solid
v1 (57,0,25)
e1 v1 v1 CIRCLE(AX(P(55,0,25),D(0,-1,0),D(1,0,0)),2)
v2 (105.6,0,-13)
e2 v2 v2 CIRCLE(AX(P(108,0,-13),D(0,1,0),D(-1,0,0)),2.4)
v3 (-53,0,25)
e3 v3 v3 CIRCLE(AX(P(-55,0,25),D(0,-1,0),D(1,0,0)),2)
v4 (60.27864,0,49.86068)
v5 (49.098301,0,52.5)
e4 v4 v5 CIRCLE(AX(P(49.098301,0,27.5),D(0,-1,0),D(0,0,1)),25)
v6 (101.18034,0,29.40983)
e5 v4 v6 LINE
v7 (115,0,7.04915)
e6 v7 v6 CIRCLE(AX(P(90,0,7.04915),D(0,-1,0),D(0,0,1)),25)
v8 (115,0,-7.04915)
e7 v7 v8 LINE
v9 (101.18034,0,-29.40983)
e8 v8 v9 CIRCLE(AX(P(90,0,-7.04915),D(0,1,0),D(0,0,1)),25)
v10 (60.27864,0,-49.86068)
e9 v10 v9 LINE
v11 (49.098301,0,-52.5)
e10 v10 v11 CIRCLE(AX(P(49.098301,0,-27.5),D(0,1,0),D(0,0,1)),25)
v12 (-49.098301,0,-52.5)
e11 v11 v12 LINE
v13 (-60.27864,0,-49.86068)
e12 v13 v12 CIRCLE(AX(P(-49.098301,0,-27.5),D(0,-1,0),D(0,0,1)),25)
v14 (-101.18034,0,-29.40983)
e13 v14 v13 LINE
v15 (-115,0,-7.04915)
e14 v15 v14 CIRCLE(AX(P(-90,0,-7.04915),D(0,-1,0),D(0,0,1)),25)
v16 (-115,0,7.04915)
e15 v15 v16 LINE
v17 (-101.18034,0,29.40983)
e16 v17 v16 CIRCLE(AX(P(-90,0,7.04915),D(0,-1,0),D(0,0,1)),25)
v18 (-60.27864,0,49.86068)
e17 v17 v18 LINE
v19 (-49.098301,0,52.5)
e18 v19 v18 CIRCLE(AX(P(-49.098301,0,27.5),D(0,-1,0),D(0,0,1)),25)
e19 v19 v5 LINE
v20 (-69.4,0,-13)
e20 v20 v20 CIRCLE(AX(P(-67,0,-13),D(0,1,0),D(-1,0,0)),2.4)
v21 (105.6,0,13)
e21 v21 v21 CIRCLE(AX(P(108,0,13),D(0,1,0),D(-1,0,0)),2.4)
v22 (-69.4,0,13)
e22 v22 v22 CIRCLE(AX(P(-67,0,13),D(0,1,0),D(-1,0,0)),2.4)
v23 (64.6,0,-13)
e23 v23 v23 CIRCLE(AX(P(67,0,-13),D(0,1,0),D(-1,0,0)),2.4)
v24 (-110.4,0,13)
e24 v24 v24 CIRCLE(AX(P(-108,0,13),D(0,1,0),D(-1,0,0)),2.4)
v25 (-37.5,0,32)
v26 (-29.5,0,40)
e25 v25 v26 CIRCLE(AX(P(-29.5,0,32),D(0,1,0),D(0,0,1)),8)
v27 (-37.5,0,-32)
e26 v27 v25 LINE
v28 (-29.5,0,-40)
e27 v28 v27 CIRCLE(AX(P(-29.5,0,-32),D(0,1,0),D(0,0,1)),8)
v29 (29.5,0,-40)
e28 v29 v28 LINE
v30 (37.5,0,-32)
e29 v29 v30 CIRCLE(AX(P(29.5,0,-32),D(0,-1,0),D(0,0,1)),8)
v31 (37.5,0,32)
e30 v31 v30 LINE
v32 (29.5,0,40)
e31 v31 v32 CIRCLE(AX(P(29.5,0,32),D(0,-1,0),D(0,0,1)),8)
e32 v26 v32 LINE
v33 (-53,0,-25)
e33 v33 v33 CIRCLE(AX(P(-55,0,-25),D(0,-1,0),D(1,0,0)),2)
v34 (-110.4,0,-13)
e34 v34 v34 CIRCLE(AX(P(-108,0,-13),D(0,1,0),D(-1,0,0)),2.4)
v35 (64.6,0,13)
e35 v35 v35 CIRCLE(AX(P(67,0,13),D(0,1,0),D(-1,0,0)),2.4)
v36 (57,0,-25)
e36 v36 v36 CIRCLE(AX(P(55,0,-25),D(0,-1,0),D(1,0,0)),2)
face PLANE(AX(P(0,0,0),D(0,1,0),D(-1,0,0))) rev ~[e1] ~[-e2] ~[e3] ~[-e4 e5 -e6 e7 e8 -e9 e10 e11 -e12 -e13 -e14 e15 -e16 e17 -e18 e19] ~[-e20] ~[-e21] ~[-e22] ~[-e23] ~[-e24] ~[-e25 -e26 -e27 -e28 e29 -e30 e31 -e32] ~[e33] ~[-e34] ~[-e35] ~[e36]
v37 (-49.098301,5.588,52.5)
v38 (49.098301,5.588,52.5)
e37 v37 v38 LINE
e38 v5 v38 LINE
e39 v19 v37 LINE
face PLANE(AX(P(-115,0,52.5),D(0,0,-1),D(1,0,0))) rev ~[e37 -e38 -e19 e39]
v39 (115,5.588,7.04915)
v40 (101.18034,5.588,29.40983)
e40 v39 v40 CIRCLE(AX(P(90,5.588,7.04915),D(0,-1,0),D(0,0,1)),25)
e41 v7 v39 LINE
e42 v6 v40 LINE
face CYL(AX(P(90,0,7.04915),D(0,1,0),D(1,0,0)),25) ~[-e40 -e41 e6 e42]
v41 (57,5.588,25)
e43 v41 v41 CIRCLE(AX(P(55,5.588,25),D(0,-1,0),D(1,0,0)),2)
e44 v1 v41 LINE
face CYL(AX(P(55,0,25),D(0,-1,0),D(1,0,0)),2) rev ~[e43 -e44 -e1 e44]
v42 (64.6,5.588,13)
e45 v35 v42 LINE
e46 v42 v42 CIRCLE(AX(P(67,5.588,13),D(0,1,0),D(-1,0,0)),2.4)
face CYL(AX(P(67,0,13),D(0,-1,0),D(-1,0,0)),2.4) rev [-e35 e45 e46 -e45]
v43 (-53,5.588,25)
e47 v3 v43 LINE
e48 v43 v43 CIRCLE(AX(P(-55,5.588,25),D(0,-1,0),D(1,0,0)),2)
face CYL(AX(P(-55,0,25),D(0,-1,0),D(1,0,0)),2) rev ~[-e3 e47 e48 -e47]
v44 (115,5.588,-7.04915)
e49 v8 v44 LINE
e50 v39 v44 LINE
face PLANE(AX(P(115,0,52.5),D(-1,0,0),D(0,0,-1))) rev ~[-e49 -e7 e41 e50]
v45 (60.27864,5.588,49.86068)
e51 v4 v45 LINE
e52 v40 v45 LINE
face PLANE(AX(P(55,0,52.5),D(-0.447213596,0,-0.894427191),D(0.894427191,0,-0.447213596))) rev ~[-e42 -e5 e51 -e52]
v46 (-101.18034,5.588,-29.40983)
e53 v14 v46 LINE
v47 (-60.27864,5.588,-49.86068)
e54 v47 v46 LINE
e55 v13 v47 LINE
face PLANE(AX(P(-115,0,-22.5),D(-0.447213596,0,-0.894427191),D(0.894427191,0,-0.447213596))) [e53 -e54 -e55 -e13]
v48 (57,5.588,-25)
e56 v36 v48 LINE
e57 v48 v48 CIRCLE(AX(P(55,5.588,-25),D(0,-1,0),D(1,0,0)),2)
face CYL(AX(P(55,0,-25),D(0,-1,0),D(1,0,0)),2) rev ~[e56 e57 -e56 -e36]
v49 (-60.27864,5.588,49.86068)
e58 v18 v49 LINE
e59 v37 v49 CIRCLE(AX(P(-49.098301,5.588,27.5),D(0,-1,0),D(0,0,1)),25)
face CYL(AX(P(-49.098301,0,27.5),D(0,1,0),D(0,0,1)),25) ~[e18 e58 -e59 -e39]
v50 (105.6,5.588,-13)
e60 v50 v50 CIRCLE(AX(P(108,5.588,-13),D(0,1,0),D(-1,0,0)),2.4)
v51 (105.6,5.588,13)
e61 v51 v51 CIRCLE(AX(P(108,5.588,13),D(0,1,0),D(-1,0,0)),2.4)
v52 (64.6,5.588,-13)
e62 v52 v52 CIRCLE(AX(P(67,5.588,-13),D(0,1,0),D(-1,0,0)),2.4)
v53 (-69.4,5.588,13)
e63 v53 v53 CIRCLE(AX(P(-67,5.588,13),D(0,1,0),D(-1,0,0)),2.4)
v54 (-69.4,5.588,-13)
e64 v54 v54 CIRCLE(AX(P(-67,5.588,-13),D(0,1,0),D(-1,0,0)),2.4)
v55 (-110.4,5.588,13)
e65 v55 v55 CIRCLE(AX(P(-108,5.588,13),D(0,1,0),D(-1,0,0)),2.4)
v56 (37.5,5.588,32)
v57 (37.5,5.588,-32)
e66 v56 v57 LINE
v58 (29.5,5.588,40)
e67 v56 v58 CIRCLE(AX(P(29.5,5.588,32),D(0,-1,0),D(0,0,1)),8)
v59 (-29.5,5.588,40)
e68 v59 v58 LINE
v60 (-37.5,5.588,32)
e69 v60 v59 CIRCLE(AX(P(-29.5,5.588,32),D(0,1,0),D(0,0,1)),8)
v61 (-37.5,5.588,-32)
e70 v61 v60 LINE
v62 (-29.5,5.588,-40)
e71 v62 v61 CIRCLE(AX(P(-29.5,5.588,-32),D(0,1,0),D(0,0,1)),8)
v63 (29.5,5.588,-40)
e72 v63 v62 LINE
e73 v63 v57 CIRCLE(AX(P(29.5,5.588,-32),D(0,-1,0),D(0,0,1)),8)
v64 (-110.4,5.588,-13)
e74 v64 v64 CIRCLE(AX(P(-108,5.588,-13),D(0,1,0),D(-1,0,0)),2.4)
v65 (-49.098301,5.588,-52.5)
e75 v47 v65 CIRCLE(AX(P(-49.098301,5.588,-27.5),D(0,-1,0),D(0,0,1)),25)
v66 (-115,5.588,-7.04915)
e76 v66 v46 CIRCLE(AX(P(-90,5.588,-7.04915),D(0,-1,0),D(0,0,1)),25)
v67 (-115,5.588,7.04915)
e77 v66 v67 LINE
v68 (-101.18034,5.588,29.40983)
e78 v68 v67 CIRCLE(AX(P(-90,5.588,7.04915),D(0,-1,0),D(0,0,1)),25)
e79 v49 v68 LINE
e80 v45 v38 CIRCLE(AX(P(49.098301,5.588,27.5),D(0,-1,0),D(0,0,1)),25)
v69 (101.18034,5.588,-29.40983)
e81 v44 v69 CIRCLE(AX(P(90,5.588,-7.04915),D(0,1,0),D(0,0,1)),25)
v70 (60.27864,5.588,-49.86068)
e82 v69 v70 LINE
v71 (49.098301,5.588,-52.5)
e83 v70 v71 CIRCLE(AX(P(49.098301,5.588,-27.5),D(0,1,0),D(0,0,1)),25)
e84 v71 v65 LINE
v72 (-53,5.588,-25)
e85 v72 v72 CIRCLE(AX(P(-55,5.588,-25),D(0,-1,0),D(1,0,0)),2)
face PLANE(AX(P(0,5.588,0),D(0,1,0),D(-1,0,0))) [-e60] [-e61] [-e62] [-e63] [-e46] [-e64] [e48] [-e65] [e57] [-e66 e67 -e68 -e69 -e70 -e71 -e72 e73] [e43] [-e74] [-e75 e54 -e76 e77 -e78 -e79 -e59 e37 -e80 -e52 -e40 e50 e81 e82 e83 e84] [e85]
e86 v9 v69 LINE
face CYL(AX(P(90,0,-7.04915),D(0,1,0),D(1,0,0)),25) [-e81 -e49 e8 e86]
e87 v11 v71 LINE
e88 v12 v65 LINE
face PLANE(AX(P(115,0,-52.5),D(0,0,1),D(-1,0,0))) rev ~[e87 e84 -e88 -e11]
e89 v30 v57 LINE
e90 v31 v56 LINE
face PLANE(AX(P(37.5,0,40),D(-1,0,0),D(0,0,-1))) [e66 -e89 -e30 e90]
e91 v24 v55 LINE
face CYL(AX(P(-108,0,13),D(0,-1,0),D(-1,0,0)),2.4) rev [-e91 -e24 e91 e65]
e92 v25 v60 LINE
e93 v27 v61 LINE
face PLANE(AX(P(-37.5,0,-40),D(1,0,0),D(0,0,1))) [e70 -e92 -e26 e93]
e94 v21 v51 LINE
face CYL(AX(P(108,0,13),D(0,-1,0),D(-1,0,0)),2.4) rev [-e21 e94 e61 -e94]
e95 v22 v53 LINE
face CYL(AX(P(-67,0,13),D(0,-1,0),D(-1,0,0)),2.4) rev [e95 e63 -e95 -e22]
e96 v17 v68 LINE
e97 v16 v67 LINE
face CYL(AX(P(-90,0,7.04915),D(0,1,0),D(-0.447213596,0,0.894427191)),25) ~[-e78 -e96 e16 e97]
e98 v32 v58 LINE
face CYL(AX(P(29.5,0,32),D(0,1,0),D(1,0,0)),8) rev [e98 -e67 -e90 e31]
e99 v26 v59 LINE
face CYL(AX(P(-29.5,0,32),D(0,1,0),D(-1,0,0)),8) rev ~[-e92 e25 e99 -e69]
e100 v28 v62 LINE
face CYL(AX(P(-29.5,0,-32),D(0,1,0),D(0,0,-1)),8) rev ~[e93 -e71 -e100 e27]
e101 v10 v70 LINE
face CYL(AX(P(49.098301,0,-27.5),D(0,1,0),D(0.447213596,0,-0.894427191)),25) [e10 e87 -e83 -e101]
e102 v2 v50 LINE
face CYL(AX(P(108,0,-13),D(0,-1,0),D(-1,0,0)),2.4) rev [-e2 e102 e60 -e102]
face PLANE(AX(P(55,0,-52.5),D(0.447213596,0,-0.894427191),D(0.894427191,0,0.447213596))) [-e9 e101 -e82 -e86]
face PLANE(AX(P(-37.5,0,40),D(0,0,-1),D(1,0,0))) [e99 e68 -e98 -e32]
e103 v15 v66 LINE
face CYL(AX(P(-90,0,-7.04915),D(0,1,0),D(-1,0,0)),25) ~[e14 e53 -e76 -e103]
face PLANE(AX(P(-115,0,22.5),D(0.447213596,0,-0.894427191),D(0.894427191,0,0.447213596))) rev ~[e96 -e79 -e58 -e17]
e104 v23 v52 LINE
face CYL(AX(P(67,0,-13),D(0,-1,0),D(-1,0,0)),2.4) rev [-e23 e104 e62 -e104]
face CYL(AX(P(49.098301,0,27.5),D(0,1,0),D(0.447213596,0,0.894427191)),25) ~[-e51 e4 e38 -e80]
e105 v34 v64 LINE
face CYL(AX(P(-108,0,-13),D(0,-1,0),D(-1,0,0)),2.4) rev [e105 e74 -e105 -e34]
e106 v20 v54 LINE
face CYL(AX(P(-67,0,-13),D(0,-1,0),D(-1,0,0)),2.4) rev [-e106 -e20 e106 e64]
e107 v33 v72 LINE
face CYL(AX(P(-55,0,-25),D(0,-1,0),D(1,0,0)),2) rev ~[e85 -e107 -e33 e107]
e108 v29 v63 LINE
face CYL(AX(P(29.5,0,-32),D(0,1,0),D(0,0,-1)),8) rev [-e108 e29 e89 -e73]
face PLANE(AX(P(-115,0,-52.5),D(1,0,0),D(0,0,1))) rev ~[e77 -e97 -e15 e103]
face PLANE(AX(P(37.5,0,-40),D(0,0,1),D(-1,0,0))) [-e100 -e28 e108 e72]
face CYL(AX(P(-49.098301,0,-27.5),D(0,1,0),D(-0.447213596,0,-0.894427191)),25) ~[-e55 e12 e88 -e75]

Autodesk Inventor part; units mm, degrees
ref_plane "YZ Plane" through (0, 0, 0) normal (1, 0, 0) x (0, 1, 0)
ref_plane "XZ Plane" through (0, 0, 0) normal (0, 1, 0) x (-1, 0, 0)
ref_plane "XY Plane" through (0, 0, 0) normal (0, 0, 1) x (1, 0, 0)
sketch "Sketch1" plane through (0, 0, 0) normal (0, 1, 0) x (-1, 0, 0)
  line L0 (-115, -52.5) -> (115, -52.5)
  line L1 (115, -52.5) -> (115, 52.5)
  line L2 (115, 52.5) -> (-115, 52.5)
  line L3 (-115, 52.5) -> (-115, -52.5)
  line L4 (-115, -52.5) -> (115, 52.5) construction
  line L5 (115, -52.5) -> (-115, 52.5) construction
  line L6 (-108, 13) -> (-67, 13) construction
  line L7 (-67, 13) -> (-67, -13) construction
  line L8 (-67, -13) -> (-108, -13) construction
  line L9 (-108, -13) -> (-108, 13) construction
  line L10 (-108, 13) -> (-67, -13) construction
  line L11 (-67, 13) -> (-108, -13) construction
  line L12 (67, 13) -> (108, 13) construction
  line L13 (108, 13) -> (108, -13) construction
  line L14 (108, -13) -> (67, -13) construction
  line L15 (67, -13) -> (67, 13) construction
  line L16 (67, 13) -> (108, -13) construction
  line L17 (108, 13) -> (67, -13) construction
  circle A0 centre (-67, 13) radius 2.4
  circle A1 centre (-67, -13) radius 2.4
  circle A2 centre (-108, -13) radius 2.4
  circle A3 centre (-108, 13) radius 2.4
  circle A4 centre (67, 13) radius 2.4
  circle A5 centre (108, 13) radius 2.4
  circle A6 centre (108, -13) radius 2.4
  circle A7 centre (67, -13) radius 2.4
  line L18 (-37.5, -40) -> (37.5, -40)
  line L19 (37.5, -40) -> (37.5, 40)
  line L20 (37.5, 40) -> (-37.5, 40)
  line L21 (-37.5, 40) -> (-37.5, -40)
  line L22 (-37.5, -40) -> (37.5, 40) construction
  line L23 (37.5, -40) -> (-37.5, 40) construction
  point P0 (0, 0)
  point P1 (-87.5, 0)
  point P2 (87.5, 0)
  dimension "d0" = 105
  dimension "d3" = 26
  dimension "d4" = 41
  dimension "d5" = 175
  dimension "d6" = 87.5
  dimension "d7" = 230
  dimension "d8" = 4.8
  dimension "d9" = 80
  dimension "d10" = 75
extrude "Extrusion1" add sketch "Sketch1" along normal blind 5.588
sketch "Sketch2" plane through (0, 0, 0) normal (0, -1, 0) x (1, 0, 0)
  line L0 (115, -52.5) -> (-115, -52.5) projected
  line L1 (115, 52.5) -> (115, -52.5) projected
  line L2 (-115, 52.5) -> (115, 52.5) projected
  line L3 (-115, -52.5) -> (-115, 52.5) projected
  line L4 (-115, 52.5) -> (-115, 22.5)
  line L5 (-115, 22.5) -> (-55, 52.5)
  line L6 (-55, 52.5) -> (-115, 52.5)
  line L7 (-115, -22.5) -> (-115, -52.5)
  line L8 (-115, -52.5) -> (-55, -52.5)
  line L9 (-115, -22.5) -> (-55, -52.5)
  line L10 (55, 52.5) -> (115, 22.5)
  line L11 (115, 22.5) -> (115, 52.5)
  line L12 (115, 52.5) -> (55, 52.5)
  line L13 (115, -22.5) -> (115, -52.5)
  line L14 (115, -52.5) -> (55, -52.5)
  line L15 (55, -52.5) -> (115, -22.5)
  point P0 (0, 0)
  dimension "d13" = 60
  dimension "d14" = 30
extrude "Extrusion2" cut sketch "Sketch2" against normal blind 10 contours L0 L15 L1 | L0 L3 L9 | L10 L2 L1 | L3 L2 L5
fillet "Fillet1" radius 25 8 edges at (-55, 2.794, -52.5) (-115, 2.794, -22.5) (55, 2.794, -52.5) (115, 2.794, -22.5) (115, 2.794, 22.5) (55, 2.794, 52.5) (-55, 2.794, 52.5) (-115, 2.794, 22.5)
sketch "Sketch4" plane through (0, 0, 0) normal (0, -1, 0) x (1, 0, 0)
  line L0 (55, -25) -> (-55, -25) construction
  line L1 (-55, -25) -> (-55, 25) construction
  line L2 (-55, 25) -> (55, 25) construction
  line L3 (55, 25) -> (55, -25) construction
  line L4 (55, -25) -> (-55, 25) construction
  line L5 (-55, -25) -> (55, 25) construction
  circle A0 centre (-55, 25) radius 2
  circle A1 centre (-55, -25) radius 2
  circle A2 centre (55, -25) radius 2
  circle A3 centre (55, 25) radius 2
  point P0 (0, 0)
  dimension "d18" = 4
  dimension "d20" = 50
  dimension "d23" = 110
extrude "Extrusion3" cut sketch "Sketch4" against normal blind 10
fillet "Fillet2" radius 8 4 edges at (-37.5, 2.794, 40) (37.5, 2.794, 40) (-37.5, 2.794, -40) (37.5, 2.794, -40)
equation "\"d6\" = 0.5 * d5"
properties part number "VatPlate"
